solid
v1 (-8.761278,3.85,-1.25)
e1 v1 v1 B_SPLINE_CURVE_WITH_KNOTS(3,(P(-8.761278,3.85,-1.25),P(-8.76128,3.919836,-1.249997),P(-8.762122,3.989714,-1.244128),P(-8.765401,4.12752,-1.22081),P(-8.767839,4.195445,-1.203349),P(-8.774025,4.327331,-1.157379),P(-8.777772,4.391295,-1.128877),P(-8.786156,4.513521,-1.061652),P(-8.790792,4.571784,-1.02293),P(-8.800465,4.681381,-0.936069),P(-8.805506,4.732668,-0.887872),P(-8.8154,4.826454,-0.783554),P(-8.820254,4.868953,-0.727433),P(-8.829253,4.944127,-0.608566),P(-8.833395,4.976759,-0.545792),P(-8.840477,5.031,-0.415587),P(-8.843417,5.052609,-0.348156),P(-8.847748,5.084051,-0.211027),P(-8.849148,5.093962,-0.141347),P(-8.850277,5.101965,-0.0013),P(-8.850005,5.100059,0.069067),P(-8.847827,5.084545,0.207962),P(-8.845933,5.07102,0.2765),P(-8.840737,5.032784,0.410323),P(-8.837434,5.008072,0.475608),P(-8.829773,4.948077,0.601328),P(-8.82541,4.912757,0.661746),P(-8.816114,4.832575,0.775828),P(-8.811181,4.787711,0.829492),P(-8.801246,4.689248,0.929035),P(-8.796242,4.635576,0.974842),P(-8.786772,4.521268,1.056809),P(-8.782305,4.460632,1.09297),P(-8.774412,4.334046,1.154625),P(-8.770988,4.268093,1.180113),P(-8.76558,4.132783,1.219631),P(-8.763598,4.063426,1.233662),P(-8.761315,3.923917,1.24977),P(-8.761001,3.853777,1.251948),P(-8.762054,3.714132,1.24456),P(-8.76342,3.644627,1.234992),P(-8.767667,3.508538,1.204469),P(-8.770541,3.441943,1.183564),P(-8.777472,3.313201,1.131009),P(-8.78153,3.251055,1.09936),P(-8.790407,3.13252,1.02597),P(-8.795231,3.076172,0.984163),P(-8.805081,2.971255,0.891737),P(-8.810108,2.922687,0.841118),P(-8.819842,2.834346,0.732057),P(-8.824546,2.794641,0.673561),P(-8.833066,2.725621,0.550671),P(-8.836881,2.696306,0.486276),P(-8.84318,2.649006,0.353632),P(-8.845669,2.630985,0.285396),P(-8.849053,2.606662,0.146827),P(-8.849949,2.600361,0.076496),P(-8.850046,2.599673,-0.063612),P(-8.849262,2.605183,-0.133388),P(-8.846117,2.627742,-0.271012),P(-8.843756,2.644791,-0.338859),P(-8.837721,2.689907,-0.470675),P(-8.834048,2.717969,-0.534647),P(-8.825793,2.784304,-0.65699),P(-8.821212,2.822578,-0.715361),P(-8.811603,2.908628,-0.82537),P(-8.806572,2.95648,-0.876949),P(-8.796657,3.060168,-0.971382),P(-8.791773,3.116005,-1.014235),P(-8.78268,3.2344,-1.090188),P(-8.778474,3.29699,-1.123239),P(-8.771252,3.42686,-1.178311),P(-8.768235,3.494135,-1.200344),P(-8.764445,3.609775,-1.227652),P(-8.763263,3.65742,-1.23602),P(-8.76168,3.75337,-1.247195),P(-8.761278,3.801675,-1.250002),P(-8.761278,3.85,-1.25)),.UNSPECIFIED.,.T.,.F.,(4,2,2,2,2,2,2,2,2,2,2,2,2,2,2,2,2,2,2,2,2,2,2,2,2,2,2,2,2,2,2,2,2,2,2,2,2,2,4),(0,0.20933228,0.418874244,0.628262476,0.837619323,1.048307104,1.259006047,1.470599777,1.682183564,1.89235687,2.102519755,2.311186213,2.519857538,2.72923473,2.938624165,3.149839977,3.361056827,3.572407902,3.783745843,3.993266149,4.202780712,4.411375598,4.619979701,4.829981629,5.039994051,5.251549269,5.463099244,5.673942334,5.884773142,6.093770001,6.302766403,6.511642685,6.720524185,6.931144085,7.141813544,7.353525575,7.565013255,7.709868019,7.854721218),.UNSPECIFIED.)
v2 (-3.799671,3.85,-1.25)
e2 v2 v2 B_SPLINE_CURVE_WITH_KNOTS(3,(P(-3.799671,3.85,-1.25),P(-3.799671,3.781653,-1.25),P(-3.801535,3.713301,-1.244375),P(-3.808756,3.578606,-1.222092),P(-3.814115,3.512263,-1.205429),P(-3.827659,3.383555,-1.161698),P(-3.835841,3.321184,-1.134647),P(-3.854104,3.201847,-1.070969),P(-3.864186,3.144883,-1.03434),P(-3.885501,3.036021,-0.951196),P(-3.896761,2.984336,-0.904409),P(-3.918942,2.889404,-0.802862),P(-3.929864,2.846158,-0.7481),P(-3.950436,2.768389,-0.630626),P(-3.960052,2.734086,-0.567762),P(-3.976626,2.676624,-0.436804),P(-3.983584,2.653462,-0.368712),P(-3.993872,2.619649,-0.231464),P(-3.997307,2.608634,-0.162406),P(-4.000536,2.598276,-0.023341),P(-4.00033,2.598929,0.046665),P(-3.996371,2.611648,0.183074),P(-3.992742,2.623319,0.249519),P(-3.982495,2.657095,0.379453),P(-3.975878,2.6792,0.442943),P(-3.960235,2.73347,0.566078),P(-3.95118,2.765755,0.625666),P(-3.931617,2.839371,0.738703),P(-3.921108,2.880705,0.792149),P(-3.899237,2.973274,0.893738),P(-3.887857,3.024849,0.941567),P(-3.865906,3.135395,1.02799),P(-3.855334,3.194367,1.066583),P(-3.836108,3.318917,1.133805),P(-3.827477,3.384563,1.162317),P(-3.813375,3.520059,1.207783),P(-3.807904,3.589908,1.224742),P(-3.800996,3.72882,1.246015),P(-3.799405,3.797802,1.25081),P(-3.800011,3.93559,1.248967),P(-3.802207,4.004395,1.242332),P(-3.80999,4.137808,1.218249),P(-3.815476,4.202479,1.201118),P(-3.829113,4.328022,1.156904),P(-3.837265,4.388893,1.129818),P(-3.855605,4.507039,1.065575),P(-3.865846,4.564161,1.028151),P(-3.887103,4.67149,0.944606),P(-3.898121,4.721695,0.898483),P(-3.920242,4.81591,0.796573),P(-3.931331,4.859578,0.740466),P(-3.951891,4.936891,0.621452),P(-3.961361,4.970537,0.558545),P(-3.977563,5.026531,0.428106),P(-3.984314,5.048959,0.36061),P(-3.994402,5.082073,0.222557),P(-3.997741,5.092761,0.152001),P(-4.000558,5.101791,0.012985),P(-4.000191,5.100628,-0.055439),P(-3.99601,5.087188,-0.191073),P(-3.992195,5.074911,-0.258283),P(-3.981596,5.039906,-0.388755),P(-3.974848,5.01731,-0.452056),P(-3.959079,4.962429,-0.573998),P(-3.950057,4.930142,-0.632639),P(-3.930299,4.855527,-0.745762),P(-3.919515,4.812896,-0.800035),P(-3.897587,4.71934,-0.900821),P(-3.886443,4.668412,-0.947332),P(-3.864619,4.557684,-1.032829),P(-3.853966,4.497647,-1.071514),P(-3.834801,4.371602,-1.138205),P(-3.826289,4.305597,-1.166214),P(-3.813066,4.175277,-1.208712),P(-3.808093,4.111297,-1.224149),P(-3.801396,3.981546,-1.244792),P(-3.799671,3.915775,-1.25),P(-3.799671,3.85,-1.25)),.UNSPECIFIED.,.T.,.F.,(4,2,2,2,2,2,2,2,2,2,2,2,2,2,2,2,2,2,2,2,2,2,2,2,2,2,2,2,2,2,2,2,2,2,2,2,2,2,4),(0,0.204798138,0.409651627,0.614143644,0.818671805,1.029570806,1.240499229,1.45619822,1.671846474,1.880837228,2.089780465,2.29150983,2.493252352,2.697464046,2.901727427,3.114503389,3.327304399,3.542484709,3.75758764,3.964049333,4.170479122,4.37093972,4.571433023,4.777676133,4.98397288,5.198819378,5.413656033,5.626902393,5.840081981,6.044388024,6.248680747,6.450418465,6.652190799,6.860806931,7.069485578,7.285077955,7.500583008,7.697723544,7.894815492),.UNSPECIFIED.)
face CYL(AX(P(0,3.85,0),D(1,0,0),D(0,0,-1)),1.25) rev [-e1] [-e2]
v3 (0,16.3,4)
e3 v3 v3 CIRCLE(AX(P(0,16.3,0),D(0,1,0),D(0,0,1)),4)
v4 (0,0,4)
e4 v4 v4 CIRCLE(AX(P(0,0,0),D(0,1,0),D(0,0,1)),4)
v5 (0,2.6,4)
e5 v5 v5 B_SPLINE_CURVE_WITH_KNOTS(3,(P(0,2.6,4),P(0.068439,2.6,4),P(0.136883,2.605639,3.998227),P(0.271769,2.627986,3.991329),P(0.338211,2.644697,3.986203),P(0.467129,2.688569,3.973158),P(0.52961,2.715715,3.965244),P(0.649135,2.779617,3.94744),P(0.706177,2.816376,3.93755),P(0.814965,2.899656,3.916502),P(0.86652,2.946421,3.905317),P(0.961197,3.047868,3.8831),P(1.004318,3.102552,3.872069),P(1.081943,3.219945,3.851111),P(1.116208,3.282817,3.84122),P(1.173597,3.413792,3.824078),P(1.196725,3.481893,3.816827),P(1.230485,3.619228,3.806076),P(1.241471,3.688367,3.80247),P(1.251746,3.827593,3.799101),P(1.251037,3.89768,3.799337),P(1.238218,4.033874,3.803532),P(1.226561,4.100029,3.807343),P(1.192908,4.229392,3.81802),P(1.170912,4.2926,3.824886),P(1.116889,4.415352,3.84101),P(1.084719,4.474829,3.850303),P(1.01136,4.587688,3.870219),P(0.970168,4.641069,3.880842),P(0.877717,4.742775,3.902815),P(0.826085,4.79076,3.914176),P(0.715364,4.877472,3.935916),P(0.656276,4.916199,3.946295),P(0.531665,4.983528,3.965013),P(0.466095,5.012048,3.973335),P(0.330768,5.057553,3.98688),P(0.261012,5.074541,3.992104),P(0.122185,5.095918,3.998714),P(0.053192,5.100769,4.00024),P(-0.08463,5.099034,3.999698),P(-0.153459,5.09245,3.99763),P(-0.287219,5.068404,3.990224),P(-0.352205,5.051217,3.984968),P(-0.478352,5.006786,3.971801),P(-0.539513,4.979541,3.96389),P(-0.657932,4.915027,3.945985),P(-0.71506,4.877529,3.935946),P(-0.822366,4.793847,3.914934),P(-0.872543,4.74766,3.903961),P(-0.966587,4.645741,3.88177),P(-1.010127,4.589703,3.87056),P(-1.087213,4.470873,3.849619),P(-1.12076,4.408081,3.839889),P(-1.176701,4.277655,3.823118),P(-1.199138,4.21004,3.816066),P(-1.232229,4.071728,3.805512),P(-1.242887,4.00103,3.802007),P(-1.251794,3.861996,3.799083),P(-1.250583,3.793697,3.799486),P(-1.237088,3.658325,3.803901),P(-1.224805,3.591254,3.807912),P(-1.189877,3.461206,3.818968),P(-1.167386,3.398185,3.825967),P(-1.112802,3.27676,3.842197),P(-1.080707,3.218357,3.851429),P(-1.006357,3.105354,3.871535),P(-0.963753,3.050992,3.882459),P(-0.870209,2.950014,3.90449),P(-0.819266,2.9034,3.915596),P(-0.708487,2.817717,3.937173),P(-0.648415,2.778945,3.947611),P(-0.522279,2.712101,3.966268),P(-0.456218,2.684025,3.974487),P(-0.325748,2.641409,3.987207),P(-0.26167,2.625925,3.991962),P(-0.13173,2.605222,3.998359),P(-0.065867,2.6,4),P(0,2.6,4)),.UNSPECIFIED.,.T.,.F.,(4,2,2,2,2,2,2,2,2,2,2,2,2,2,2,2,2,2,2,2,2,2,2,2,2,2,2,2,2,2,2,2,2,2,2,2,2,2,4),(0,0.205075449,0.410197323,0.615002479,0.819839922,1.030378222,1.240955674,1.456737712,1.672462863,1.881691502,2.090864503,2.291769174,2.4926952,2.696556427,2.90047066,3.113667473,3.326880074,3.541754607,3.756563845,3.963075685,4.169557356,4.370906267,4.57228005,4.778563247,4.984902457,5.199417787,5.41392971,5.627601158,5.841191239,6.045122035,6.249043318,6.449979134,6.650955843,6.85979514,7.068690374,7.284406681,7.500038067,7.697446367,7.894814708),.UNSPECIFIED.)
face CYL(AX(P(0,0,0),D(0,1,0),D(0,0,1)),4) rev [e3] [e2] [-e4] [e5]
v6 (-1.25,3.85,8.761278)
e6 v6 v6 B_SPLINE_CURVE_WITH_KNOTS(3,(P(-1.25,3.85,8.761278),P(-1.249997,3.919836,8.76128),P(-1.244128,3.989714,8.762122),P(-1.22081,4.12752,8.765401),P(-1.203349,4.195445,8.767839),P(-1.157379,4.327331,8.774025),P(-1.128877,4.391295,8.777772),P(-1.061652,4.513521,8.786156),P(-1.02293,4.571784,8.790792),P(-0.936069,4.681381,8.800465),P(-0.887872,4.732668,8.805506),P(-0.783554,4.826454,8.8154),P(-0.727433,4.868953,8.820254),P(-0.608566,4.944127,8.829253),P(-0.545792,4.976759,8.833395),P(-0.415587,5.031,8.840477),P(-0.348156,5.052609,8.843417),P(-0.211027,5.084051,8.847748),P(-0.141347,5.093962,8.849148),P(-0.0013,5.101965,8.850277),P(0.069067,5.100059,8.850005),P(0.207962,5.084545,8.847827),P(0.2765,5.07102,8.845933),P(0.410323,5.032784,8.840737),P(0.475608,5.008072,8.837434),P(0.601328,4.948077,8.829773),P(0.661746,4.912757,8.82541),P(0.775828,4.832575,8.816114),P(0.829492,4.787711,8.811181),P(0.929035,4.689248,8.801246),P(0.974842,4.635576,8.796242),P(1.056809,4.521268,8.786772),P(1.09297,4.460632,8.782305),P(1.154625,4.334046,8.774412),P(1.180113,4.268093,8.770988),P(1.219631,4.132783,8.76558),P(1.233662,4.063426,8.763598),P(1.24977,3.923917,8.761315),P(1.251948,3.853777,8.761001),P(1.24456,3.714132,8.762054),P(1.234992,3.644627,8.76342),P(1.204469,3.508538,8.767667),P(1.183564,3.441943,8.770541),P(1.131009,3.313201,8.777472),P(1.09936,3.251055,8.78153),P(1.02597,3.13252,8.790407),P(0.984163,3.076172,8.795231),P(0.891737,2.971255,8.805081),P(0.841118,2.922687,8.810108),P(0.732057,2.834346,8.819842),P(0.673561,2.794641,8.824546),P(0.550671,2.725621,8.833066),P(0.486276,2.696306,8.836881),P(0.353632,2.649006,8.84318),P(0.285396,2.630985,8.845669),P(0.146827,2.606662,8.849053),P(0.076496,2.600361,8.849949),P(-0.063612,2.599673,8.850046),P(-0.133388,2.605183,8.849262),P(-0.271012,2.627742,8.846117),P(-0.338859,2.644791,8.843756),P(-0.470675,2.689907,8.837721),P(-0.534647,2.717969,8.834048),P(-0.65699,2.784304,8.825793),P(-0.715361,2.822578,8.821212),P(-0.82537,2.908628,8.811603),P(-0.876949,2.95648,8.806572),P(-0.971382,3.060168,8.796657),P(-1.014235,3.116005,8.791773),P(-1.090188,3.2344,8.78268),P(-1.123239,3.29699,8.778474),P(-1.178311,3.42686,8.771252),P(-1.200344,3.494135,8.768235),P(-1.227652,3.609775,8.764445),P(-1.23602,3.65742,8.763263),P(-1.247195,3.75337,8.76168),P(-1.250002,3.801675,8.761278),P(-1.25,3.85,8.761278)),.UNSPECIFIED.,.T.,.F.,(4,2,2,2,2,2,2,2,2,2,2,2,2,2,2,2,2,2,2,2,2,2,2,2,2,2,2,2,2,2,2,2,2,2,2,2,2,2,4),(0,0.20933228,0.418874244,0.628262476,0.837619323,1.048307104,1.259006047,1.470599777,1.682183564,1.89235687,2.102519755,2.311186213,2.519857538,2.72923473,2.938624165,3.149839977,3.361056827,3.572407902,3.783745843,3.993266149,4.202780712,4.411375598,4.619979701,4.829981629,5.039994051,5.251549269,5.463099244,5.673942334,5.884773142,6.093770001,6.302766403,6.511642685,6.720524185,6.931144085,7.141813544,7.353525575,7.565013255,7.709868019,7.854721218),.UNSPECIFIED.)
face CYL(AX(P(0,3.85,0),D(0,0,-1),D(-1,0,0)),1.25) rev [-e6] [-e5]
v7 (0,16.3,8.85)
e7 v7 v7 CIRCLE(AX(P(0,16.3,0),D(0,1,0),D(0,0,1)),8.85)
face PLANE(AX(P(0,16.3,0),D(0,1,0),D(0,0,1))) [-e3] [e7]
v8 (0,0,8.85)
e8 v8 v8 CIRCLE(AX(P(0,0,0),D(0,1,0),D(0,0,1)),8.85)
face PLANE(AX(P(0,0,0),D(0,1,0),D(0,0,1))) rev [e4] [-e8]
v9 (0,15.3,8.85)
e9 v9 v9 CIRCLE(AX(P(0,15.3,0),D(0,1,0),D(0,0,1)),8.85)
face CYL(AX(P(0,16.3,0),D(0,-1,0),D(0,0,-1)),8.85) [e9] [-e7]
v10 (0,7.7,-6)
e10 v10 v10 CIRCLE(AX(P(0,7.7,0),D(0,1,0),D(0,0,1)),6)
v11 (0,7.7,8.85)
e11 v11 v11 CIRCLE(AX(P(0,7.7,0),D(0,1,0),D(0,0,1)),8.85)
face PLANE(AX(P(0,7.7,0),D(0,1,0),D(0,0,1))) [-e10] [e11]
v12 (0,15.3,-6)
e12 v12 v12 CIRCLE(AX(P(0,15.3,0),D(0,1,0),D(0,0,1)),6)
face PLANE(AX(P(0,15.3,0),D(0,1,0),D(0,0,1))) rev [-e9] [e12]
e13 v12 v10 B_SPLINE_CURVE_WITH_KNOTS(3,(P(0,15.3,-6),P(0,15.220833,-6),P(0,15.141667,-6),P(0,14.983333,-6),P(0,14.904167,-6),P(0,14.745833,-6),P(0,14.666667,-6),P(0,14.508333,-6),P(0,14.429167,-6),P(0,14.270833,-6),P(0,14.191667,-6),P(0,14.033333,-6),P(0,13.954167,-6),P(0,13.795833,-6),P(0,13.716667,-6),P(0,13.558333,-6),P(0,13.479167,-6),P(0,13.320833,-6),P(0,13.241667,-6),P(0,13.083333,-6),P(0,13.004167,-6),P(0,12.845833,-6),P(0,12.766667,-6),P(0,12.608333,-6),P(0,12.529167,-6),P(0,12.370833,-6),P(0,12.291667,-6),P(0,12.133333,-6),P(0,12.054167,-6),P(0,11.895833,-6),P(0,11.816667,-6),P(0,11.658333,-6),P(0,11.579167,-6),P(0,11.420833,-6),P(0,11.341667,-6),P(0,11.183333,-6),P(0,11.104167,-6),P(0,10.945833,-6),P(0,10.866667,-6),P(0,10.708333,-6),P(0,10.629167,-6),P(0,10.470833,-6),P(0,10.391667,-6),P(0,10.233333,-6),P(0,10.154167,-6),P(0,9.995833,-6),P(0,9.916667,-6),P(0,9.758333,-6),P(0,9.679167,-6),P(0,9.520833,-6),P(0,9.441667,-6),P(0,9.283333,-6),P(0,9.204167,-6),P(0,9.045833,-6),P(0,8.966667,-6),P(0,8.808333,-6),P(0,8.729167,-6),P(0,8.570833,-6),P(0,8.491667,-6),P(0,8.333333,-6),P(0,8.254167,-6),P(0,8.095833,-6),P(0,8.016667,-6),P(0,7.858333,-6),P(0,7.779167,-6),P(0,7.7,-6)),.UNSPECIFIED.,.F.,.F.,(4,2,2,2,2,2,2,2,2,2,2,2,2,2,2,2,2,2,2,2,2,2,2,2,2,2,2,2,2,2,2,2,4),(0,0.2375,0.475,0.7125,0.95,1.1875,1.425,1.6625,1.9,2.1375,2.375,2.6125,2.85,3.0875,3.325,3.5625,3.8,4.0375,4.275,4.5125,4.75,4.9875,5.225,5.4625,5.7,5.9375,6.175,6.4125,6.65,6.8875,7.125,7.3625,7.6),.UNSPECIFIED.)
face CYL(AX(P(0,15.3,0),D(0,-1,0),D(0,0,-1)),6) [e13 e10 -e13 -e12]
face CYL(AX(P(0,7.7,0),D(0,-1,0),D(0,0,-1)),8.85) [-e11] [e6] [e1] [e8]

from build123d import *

# Parameters (mm, degrees)
CROQUIS1_R              = 8.85
SALIENTE_EXTRUIR1_DEPTH = 7.7
CROQUIS2_R              = 6
SALIENTE_EXTRUIR2_DEPTH = 7.6
CROQUIS3_R              = 8.85
SALIENTE_EXTRUIR3_DEPTH = 1
CROQUIS4_R              = 4
CORTAR_EXTRUIR1_DEPTH   = 21.550790739
CROQUIS5_W              = 1.25
CROQUIS5_H              = 8.851
MATRIZC1_COUNT          = 2
MATRIZC1_ANGLE          = 90


with BuildPart() as part:
    # Croquis1 → Saliente-Extruir1 (new body)
    with BuildSketch(Plane(origin=(0, 0, 0), x_dir=(1, 0, 0), z_dir=(0, 1, 0))):
        with Locations(Location((0, 0, 0), (0, 0, 90))):
            Circle(CROQUIS1_R)
    extrude(amount=SALIENTE_EXTRUIR1_DEPTH)

    # Croquis2 → Saliente-Extruir2 (add)
    with BuildSketch(Plane(origin=(0, 7.7, 0), x_dir=(1, 0, 0), z_dir=(0, 1, 0))):
        with Locations(Location((0, 0, 0), (0, 0, 90))):
            Circle(CROQUIS2_R)
    extrude(amount=SALIENTE_EXTRUIR2_DEPTH)

    # Croquis3 → Saliente-Extruir3 (add)
    with BuildSketch(Plane(origin=(0, 15.3, 0), x_dir=(1, 0, 0), z_dir=(0, 1, 0))):
        with Locations(Location((0, 0, 0), (0, 0, 90))):
            Circle(CROQUIS3_R)
    extrude(amount=SALIENTE_EXTRUIR3_DEPTH)

    # Croquis4 → Cortar-Extruir1 (cut, through all)
    with BuildSketch(Plane(origin=(0, 16.3, 0), x_dir=(1, 0, 0), z_dir=(0, 1, 0))):
        with Locations(Location((0, 0, 0), (0, 0, 270))):
            Circle(CROQUIS4_R)
    extrude(amount=-CORTAR_EXTRUIR1_DEPTH, mode=Mode.SUBTRACT)

    # Croquis5 → Taladro roscado M31 (definir posicio) (revolve, cut)
    with BuildSketch(Plane(origin=(0, 3.85, 0), x_dir=(0, 1, 0), z_dir=(1, 0, 0))):
        with Locations((0.625, 4.4255)):
            Rectangle(CROQUIS5_W, CROQUIS5_H)
    taladro_roscado_m31_definir_posicio = revolve(axis=Axis((0, 3.85, -6.35), (0, 0, 1)), mode=Mode.SUBTRACT)

    # MatrizC1: Taladro roscado M31 (definir posicio) ×2 about axis
    matrizc1_axis = Axis((0, 7.7, 0), (0, -1, 0))
    for i in range(1, MATRIZC1_COUNT):
        add(taladro_roscado_m31_definir_posicio.rotate(matrizc1_axis, i * MATRIZC1_ANGLE / (MATRIZC1_COUNT - 1)), mode=Mode.SUBTRACT)


solid = part.part
